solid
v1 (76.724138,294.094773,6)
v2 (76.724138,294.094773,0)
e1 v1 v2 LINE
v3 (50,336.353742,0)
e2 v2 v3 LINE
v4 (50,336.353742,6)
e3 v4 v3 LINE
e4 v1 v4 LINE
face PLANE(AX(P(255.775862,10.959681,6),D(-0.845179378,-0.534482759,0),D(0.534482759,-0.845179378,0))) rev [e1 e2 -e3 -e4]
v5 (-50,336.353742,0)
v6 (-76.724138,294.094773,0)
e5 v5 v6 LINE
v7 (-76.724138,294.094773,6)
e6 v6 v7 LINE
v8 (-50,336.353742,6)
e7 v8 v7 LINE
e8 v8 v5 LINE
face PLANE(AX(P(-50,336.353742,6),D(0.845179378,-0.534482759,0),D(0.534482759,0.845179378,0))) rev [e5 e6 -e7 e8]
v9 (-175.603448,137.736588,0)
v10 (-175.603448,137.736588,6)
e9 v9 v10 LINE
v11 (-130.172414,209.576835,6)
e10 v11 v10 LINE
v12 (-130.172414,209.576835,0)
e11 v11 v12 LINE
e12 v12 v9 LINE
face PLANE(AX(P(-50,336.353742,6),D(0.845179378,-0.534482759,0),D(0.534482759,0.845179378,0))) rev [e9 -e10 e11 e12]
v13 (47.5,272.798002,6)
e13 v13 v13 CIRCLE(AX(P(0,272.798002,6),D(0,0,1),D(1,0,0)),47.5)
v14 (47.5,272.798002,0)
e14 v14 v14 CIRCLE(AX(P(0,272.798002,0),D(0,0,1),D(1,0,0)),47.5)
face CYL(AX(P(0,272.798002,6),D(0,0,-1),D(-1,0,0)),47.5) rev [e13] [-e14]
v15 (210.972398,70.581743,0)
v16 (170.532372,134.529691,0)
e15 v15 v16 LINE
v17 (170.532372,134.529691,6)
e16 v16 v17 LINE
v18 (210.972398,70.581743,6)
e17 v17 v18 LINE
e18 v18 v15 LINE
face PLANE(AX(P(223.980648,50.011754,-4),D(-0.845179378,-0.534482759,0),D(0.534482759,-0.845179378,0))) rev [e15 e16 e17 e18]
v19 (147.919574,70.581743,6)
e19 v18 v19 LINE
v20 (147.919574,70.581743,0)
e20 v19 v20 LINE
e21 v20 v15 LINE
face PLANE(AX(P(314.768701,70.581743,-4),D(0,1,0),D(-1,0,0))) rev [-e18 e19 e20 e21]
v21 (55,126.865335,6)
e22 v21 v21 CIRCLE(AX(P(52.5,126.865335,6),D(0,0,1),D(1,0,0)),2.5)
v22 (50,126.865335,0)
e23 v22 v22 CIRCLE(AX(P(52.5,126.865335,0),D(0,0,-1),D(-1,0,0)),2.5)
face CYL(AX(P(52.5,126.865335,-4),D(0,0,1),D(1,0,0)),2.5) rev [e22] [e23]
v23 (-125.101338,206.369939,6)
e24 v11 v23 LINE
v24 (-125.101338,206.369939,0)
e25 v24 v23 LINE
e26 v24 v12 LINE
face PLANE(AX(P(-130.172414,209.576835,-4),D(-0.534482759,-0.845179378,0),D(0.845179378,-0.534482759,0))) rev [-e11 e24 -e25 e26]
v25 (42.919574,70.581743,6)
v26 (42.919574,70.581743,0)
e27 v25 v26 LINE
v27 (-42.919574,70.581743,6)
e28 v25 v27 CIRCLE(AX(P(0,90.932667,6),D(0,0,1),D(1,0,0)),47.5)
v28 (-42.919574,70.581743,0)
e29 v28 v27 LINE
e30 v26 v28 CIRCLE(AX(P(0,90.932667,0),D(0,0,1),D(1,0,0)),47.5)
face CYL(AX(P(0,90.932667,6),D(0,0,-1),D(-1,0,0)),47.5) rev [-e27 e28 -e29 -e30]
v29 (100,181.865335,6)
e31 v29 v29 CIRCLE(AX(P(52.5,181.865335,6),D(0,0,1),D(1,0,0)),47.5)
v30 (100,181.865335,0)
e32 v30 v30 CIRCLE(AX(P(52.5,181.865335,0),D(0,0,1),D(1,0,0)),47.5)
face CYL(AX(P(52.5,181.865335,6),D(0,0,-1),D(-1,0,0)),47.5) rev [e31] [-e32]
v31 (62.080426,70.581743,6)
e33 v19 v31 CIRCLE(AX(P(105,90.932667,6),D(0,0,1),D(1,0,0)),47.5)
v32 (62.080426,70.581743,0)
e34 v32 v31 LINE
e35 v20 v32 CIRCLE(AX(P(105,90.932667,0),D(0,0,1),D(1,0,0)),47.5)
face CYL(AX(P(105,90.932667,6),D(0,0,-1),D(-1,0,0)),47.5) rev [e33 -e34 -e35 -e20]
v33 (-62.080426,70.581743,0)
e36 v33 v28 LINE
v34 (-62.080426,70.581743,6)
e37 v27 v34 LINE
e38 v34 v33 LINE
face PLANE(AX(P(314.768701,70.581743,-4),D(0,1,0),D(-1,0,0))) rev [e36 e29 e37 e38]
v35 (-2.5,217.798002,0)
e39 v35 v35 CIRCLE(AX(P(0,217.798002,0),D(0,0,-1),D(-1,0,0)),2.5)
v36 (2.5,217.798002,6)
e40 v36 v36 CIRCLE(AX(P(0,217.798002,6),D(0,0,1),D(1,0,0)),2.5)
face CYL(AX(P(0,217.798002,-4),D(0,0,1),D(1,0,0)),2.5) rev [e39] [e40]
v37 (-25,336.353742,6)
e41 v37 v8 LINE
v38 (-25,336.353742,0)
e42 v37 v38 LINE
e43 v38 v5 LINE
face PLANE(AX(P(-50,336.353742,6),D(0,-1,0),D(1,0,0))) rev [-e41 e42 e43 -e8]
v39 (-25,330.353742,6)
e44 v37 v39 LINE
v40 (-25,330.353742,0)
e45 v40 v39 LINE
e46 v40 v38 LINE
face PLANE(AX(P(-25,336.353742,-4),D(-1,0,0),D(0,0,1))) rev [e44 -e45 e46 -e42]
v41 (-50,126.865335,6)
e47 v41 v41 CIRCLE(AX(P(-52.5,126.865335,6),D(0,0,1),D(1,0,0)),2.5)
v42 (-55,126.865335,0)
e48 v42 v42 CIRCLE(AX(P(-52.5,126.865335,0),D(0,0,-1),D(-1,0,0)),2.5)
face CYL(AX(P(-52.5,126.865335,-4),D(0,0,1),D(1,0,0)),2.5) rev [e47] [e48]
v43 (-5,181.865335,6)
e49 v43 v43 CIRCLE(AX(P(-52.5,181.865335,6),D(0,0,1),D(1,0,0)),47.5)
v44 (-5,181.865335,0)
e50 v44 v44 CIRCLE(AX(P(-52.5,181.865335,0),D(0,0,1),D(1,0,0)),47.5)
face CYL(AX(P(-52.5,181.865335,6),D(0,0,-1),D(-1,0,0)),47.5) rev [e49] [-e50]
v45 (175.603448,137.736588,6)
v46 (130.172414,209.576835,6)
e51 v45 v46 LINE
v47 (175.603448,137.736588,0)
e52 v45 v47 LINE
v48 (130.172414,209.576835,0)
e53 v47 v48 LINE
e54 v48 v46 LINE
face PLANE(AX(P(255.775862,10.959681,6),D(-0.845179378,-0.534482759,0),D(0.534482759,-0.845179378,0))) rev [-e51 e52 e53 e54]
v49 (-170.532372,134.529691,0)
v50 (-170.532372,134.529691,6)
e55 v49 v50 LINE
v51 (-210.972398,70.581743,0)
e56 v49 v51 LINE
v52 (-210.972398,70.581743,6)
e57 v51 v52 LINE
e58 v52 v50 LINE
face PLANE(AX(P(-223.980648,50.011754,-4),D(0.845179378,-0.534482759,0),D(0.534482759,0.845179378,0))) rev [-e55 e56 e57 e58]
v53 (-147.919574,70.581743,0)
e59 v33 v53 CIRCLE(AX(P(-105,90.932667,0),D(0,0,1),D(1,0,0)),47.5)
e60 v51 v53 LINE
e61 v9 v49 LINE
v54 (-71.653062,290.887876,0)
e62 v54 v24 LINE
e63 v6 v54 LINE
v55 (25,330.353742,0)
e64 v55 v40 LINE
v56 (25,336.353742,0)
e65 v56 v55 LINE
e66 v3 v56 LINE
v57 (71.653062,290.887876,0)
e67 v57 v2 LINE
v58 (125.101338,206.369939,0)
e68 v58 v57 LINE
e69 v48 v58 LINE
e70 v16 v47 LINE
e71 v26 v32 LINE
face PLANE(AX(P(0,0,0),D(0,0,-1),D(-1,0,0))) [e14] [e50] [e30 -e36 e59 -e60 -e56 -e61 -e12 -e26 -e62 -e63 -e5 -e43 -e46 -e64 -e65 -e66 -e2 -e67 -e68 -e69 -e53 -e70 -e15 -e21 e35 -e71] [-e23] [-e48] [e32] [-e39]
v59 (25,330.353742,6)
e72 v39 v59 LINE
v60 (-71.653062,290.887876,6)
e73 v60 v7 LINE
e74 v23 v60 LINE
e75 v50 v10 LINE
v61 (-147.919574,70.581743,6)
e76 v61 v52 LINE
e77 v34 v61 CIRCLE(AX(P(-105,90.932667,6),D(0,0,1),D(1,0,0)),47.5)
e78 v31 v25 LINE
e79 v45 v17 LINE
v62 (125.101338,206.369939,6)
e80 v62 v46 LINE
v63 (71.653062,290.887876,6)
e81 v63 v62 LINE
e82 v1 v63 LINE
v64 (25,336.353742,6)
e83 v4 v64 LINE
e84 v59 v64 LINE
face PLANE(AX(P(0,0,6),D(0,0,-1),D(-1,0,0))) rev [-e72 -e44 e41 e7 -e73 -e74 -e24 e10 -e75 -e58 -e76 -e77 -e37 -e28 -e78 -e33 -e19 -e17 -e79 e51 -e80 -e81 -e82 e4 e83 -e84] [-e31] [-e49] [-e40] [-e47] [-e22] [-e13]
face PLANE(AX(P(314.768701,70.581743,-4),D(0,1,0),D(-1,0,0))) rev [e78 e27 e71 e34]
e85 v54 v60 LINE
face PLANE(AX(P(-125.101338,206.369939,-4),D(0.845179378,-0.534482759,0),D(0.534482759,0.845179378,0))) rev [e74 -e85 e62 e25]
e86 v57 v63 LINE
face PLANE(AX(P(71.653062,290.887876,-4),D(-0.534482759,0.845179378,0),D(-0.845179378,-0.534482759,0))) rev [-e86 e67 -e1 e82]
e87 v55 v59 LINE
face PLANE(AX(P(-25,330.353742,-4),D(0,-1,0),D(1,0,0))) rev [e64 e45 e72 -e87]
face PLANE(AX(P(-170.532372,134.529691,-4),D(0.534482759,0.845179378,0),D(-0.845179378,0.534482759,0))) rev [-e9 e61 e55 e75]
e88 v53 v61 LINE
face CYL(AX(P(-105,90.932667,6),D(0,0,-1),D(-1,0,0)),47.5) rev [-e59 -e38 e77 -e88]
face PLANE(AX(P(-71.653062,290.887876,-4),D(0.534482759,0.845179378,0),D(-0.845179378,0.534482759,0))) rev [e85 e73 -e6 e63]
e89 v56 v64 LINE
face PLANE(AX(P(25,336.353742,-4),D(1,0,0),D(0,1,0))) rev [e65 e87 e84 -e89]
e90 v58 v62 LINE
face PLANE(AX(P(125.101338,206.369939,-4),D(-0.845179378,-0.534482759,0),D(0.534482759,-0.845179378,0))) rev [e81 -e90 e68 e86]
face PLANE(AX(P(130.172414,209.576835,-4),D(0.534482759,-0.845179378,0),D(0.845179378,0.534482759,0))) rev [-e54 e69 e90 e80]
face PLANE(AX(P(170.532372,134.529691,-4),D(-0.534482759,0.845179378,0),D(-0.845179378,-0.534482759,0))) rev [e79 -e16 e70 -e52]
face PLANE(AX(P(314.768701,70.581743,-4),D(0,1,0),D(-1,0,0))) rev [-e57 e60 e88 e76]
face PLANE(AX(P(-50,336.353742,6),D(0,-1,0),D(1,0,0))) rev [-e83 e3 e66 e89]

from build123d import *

# Parameters (mm, degrees)
ESQUISSE1_R             = 47.5
BOSS_EXTRU_1_DEPTH      = 6
ESQUISSE9_W             = 150
ESQUISSE9_H             = 120
BOSS_EXTRU_2_DEPTH      = 10
ESQUISSE10_W            = 6
ESQUISSE10_H            = 50
ESQUISSE10_W_2          = 50
ESQUISSE10_H_2          = 6
ENL_V_MAT_EXTRU_1_DEPTH = 10
ESQUISSE11_W            = 670.254020464
ESQUISSE11_H            = 265.771999275
ENL_V_MAT_EXTRU_2_DEPTH = 10
ESQUISSE12_R            = 2.5
ENL_V_MAT_EXTRU_3_DEPTH = 10


with BuildPart() as part:
    # Esquisse1 → Boss.-Extru.1 (new body)
    with BuildSketch(Plane.XY):
        Polygon((-255.775862069, 10.959681362), (-205, -75.190256718), (205, -75.190256718), (255.775862069, 10.959681362), (50, 336.353741833), (-50, 336.353741833), align=None)
        with Locations((-157.5, 0)):
            Circle(ESQUISSE1_R, mode=Mode.SUBTRACT)
        with Locations((-52.5, 0)):
            Circle(ESQUISSE1_R, mode=Mode.SUBTRACT)
        with Locations((52.5, 0)):
            Circle(ESQUISSE1_R, mode=Mode.SUBTRACT)
        with Locations((157.5, 0)):
            Circle(ESQUISSE1_R, mode=Mode.SUBTRACT)
        with Locations((-105, 90.932667397)):
            Circle(ESQUISSE1_R, mode=Mode.SUBTRACT)
        with Locations((0, 90.932667397)):
            Circle(ESQUISSE1_R, mode=Mode.SUBTRACT)
        with Locations((105, 90.932667397)):
            Circle(ESQUISSE1_R, mode=Mode.SUBTRACT)
        with Locations((-52.5, 181.865334795)):
            Circle(ESQUISSE1_R, mode=Mode.SUBTRACT)
        with Locations((52.5, 181.865334795)):
            Circle(ESQUISSE1_R, mode=Mode.SUBTRACT)
        with Locations((0, 272.798002192)):
            Circle(ESQUISSE1_R, mode=Mode.SUBTRACT)
    extrude(amount=BOSS_EXTRU_1_DEPTH)

    # Esquisse9 → Boss.-Extru.2 (add)
    with BuildSketch(Plane.XY.offset(6)):
        with Locations((0, -135.190256718)):
            Rectangle(ESQUISSE9_W, ESQUISSE9_H)
    extrude(amount=-BOSS_EXTRU_2_DEPTH)

    # Esquisse10 → Enlèv. mat.-Extru.1 (cut)
    with BuildSketch(Plane.XY.offset(6)):
        with Locations((-72, -129.244737692)):
            Rectangle(ESQUISSE10_W, ESQUISSE10_H)
        with Locations((0, -192.190256718)):
            Rectangle(ESQUISSE10_W_2, ESQUISSE10_H_2)
        with Locations((-140, -72.190256718)):
            Rectangle(ESQUISSE10_W_2, ESQUISSE10_H_2)
        Polygon((-217.693965517, -53.652772198), (-212.524969232, -50.606220473), (-237.912900267, -7.531251434), (-243.081896552, -10.577803158), align=None)
        Polygon((-229.051724138, 53.218650255), (-223.980647871, 50.011753703), (-170.532372009, 134.529691487), (-175.603448276, 137.736588039), align=None)
        Polygon((-130.172413793, 209.576835156), (-125.101337526, 206.369938604), (-71.653061664, 290.887876389), (-76.724137931, 294.094772941), align=None)
        with Locations((0, 333.353741833)):
            Rectangle(ESQUISSE10_W_2, ESQUISSE10_H_2)
        Polygon((71.653061664, 290.887876389), (76.724137931, 294.094772941), (130.172413793, 209.576835156), (125.101337526, 206.369938604), align=None)
        Polygon((170.532372009, 134.529691487), (175.603448276, 137.736588039), (229.051724138, 53.218650255), (223.980647871, 50.011753703), align=None)
        Polygon((237.912900267, -7.531251434), (243.081896552, -10.577803158), (217.693965517, -53.652772198), (212.524969232, -50.606220473), align=None)
        with Locations((140, -72.190256718)):
            Rectangle(ESQUISSE10_W_2, ESQUISSE10_H_2)
        with Locations((72, -129.244737692)):
            Rectangle(ESQUISSE10_W, ESQUISSE10_H)
    extrude(amount=-ENL_V_MAT_EXTRU_1_DEPTH, mode=Mode.SUBTRACT)

    # Esquisse11 → Enlèv. mat.-Extru.2 (cut)
    with BuildSketch(Plane.XY.offset(6)):
        with Locations((-20.35830969, -62.304257081)):
            Rectangle(ESQUISSE11_W, ESQUISSE11_H)
    extrude(amount=-ENL_V_MAT_EXTRU_2_DEPTH, mode=Mode.SUBTRACT)

    # Esquisse12 → Enlèv. mat.-Extru.3 (cut)
    with BuildSketch(Plane.XY.offset(6)):
        with Locations((-52.5, 126.865334795)):
            Circle(ESQUISSE12_R)
        with Locations((52.5, 126.865334795)):
            Circle(ESQUISSE12_R)
        with Locations((0, 217.798002192)):
            Circle(ESQUISSE12_R)
    extrude(amount=-ENL_V_MAT_EXTRU_3_DEPTH, mode=Mode.SUBTRACT)


solid = part.part
